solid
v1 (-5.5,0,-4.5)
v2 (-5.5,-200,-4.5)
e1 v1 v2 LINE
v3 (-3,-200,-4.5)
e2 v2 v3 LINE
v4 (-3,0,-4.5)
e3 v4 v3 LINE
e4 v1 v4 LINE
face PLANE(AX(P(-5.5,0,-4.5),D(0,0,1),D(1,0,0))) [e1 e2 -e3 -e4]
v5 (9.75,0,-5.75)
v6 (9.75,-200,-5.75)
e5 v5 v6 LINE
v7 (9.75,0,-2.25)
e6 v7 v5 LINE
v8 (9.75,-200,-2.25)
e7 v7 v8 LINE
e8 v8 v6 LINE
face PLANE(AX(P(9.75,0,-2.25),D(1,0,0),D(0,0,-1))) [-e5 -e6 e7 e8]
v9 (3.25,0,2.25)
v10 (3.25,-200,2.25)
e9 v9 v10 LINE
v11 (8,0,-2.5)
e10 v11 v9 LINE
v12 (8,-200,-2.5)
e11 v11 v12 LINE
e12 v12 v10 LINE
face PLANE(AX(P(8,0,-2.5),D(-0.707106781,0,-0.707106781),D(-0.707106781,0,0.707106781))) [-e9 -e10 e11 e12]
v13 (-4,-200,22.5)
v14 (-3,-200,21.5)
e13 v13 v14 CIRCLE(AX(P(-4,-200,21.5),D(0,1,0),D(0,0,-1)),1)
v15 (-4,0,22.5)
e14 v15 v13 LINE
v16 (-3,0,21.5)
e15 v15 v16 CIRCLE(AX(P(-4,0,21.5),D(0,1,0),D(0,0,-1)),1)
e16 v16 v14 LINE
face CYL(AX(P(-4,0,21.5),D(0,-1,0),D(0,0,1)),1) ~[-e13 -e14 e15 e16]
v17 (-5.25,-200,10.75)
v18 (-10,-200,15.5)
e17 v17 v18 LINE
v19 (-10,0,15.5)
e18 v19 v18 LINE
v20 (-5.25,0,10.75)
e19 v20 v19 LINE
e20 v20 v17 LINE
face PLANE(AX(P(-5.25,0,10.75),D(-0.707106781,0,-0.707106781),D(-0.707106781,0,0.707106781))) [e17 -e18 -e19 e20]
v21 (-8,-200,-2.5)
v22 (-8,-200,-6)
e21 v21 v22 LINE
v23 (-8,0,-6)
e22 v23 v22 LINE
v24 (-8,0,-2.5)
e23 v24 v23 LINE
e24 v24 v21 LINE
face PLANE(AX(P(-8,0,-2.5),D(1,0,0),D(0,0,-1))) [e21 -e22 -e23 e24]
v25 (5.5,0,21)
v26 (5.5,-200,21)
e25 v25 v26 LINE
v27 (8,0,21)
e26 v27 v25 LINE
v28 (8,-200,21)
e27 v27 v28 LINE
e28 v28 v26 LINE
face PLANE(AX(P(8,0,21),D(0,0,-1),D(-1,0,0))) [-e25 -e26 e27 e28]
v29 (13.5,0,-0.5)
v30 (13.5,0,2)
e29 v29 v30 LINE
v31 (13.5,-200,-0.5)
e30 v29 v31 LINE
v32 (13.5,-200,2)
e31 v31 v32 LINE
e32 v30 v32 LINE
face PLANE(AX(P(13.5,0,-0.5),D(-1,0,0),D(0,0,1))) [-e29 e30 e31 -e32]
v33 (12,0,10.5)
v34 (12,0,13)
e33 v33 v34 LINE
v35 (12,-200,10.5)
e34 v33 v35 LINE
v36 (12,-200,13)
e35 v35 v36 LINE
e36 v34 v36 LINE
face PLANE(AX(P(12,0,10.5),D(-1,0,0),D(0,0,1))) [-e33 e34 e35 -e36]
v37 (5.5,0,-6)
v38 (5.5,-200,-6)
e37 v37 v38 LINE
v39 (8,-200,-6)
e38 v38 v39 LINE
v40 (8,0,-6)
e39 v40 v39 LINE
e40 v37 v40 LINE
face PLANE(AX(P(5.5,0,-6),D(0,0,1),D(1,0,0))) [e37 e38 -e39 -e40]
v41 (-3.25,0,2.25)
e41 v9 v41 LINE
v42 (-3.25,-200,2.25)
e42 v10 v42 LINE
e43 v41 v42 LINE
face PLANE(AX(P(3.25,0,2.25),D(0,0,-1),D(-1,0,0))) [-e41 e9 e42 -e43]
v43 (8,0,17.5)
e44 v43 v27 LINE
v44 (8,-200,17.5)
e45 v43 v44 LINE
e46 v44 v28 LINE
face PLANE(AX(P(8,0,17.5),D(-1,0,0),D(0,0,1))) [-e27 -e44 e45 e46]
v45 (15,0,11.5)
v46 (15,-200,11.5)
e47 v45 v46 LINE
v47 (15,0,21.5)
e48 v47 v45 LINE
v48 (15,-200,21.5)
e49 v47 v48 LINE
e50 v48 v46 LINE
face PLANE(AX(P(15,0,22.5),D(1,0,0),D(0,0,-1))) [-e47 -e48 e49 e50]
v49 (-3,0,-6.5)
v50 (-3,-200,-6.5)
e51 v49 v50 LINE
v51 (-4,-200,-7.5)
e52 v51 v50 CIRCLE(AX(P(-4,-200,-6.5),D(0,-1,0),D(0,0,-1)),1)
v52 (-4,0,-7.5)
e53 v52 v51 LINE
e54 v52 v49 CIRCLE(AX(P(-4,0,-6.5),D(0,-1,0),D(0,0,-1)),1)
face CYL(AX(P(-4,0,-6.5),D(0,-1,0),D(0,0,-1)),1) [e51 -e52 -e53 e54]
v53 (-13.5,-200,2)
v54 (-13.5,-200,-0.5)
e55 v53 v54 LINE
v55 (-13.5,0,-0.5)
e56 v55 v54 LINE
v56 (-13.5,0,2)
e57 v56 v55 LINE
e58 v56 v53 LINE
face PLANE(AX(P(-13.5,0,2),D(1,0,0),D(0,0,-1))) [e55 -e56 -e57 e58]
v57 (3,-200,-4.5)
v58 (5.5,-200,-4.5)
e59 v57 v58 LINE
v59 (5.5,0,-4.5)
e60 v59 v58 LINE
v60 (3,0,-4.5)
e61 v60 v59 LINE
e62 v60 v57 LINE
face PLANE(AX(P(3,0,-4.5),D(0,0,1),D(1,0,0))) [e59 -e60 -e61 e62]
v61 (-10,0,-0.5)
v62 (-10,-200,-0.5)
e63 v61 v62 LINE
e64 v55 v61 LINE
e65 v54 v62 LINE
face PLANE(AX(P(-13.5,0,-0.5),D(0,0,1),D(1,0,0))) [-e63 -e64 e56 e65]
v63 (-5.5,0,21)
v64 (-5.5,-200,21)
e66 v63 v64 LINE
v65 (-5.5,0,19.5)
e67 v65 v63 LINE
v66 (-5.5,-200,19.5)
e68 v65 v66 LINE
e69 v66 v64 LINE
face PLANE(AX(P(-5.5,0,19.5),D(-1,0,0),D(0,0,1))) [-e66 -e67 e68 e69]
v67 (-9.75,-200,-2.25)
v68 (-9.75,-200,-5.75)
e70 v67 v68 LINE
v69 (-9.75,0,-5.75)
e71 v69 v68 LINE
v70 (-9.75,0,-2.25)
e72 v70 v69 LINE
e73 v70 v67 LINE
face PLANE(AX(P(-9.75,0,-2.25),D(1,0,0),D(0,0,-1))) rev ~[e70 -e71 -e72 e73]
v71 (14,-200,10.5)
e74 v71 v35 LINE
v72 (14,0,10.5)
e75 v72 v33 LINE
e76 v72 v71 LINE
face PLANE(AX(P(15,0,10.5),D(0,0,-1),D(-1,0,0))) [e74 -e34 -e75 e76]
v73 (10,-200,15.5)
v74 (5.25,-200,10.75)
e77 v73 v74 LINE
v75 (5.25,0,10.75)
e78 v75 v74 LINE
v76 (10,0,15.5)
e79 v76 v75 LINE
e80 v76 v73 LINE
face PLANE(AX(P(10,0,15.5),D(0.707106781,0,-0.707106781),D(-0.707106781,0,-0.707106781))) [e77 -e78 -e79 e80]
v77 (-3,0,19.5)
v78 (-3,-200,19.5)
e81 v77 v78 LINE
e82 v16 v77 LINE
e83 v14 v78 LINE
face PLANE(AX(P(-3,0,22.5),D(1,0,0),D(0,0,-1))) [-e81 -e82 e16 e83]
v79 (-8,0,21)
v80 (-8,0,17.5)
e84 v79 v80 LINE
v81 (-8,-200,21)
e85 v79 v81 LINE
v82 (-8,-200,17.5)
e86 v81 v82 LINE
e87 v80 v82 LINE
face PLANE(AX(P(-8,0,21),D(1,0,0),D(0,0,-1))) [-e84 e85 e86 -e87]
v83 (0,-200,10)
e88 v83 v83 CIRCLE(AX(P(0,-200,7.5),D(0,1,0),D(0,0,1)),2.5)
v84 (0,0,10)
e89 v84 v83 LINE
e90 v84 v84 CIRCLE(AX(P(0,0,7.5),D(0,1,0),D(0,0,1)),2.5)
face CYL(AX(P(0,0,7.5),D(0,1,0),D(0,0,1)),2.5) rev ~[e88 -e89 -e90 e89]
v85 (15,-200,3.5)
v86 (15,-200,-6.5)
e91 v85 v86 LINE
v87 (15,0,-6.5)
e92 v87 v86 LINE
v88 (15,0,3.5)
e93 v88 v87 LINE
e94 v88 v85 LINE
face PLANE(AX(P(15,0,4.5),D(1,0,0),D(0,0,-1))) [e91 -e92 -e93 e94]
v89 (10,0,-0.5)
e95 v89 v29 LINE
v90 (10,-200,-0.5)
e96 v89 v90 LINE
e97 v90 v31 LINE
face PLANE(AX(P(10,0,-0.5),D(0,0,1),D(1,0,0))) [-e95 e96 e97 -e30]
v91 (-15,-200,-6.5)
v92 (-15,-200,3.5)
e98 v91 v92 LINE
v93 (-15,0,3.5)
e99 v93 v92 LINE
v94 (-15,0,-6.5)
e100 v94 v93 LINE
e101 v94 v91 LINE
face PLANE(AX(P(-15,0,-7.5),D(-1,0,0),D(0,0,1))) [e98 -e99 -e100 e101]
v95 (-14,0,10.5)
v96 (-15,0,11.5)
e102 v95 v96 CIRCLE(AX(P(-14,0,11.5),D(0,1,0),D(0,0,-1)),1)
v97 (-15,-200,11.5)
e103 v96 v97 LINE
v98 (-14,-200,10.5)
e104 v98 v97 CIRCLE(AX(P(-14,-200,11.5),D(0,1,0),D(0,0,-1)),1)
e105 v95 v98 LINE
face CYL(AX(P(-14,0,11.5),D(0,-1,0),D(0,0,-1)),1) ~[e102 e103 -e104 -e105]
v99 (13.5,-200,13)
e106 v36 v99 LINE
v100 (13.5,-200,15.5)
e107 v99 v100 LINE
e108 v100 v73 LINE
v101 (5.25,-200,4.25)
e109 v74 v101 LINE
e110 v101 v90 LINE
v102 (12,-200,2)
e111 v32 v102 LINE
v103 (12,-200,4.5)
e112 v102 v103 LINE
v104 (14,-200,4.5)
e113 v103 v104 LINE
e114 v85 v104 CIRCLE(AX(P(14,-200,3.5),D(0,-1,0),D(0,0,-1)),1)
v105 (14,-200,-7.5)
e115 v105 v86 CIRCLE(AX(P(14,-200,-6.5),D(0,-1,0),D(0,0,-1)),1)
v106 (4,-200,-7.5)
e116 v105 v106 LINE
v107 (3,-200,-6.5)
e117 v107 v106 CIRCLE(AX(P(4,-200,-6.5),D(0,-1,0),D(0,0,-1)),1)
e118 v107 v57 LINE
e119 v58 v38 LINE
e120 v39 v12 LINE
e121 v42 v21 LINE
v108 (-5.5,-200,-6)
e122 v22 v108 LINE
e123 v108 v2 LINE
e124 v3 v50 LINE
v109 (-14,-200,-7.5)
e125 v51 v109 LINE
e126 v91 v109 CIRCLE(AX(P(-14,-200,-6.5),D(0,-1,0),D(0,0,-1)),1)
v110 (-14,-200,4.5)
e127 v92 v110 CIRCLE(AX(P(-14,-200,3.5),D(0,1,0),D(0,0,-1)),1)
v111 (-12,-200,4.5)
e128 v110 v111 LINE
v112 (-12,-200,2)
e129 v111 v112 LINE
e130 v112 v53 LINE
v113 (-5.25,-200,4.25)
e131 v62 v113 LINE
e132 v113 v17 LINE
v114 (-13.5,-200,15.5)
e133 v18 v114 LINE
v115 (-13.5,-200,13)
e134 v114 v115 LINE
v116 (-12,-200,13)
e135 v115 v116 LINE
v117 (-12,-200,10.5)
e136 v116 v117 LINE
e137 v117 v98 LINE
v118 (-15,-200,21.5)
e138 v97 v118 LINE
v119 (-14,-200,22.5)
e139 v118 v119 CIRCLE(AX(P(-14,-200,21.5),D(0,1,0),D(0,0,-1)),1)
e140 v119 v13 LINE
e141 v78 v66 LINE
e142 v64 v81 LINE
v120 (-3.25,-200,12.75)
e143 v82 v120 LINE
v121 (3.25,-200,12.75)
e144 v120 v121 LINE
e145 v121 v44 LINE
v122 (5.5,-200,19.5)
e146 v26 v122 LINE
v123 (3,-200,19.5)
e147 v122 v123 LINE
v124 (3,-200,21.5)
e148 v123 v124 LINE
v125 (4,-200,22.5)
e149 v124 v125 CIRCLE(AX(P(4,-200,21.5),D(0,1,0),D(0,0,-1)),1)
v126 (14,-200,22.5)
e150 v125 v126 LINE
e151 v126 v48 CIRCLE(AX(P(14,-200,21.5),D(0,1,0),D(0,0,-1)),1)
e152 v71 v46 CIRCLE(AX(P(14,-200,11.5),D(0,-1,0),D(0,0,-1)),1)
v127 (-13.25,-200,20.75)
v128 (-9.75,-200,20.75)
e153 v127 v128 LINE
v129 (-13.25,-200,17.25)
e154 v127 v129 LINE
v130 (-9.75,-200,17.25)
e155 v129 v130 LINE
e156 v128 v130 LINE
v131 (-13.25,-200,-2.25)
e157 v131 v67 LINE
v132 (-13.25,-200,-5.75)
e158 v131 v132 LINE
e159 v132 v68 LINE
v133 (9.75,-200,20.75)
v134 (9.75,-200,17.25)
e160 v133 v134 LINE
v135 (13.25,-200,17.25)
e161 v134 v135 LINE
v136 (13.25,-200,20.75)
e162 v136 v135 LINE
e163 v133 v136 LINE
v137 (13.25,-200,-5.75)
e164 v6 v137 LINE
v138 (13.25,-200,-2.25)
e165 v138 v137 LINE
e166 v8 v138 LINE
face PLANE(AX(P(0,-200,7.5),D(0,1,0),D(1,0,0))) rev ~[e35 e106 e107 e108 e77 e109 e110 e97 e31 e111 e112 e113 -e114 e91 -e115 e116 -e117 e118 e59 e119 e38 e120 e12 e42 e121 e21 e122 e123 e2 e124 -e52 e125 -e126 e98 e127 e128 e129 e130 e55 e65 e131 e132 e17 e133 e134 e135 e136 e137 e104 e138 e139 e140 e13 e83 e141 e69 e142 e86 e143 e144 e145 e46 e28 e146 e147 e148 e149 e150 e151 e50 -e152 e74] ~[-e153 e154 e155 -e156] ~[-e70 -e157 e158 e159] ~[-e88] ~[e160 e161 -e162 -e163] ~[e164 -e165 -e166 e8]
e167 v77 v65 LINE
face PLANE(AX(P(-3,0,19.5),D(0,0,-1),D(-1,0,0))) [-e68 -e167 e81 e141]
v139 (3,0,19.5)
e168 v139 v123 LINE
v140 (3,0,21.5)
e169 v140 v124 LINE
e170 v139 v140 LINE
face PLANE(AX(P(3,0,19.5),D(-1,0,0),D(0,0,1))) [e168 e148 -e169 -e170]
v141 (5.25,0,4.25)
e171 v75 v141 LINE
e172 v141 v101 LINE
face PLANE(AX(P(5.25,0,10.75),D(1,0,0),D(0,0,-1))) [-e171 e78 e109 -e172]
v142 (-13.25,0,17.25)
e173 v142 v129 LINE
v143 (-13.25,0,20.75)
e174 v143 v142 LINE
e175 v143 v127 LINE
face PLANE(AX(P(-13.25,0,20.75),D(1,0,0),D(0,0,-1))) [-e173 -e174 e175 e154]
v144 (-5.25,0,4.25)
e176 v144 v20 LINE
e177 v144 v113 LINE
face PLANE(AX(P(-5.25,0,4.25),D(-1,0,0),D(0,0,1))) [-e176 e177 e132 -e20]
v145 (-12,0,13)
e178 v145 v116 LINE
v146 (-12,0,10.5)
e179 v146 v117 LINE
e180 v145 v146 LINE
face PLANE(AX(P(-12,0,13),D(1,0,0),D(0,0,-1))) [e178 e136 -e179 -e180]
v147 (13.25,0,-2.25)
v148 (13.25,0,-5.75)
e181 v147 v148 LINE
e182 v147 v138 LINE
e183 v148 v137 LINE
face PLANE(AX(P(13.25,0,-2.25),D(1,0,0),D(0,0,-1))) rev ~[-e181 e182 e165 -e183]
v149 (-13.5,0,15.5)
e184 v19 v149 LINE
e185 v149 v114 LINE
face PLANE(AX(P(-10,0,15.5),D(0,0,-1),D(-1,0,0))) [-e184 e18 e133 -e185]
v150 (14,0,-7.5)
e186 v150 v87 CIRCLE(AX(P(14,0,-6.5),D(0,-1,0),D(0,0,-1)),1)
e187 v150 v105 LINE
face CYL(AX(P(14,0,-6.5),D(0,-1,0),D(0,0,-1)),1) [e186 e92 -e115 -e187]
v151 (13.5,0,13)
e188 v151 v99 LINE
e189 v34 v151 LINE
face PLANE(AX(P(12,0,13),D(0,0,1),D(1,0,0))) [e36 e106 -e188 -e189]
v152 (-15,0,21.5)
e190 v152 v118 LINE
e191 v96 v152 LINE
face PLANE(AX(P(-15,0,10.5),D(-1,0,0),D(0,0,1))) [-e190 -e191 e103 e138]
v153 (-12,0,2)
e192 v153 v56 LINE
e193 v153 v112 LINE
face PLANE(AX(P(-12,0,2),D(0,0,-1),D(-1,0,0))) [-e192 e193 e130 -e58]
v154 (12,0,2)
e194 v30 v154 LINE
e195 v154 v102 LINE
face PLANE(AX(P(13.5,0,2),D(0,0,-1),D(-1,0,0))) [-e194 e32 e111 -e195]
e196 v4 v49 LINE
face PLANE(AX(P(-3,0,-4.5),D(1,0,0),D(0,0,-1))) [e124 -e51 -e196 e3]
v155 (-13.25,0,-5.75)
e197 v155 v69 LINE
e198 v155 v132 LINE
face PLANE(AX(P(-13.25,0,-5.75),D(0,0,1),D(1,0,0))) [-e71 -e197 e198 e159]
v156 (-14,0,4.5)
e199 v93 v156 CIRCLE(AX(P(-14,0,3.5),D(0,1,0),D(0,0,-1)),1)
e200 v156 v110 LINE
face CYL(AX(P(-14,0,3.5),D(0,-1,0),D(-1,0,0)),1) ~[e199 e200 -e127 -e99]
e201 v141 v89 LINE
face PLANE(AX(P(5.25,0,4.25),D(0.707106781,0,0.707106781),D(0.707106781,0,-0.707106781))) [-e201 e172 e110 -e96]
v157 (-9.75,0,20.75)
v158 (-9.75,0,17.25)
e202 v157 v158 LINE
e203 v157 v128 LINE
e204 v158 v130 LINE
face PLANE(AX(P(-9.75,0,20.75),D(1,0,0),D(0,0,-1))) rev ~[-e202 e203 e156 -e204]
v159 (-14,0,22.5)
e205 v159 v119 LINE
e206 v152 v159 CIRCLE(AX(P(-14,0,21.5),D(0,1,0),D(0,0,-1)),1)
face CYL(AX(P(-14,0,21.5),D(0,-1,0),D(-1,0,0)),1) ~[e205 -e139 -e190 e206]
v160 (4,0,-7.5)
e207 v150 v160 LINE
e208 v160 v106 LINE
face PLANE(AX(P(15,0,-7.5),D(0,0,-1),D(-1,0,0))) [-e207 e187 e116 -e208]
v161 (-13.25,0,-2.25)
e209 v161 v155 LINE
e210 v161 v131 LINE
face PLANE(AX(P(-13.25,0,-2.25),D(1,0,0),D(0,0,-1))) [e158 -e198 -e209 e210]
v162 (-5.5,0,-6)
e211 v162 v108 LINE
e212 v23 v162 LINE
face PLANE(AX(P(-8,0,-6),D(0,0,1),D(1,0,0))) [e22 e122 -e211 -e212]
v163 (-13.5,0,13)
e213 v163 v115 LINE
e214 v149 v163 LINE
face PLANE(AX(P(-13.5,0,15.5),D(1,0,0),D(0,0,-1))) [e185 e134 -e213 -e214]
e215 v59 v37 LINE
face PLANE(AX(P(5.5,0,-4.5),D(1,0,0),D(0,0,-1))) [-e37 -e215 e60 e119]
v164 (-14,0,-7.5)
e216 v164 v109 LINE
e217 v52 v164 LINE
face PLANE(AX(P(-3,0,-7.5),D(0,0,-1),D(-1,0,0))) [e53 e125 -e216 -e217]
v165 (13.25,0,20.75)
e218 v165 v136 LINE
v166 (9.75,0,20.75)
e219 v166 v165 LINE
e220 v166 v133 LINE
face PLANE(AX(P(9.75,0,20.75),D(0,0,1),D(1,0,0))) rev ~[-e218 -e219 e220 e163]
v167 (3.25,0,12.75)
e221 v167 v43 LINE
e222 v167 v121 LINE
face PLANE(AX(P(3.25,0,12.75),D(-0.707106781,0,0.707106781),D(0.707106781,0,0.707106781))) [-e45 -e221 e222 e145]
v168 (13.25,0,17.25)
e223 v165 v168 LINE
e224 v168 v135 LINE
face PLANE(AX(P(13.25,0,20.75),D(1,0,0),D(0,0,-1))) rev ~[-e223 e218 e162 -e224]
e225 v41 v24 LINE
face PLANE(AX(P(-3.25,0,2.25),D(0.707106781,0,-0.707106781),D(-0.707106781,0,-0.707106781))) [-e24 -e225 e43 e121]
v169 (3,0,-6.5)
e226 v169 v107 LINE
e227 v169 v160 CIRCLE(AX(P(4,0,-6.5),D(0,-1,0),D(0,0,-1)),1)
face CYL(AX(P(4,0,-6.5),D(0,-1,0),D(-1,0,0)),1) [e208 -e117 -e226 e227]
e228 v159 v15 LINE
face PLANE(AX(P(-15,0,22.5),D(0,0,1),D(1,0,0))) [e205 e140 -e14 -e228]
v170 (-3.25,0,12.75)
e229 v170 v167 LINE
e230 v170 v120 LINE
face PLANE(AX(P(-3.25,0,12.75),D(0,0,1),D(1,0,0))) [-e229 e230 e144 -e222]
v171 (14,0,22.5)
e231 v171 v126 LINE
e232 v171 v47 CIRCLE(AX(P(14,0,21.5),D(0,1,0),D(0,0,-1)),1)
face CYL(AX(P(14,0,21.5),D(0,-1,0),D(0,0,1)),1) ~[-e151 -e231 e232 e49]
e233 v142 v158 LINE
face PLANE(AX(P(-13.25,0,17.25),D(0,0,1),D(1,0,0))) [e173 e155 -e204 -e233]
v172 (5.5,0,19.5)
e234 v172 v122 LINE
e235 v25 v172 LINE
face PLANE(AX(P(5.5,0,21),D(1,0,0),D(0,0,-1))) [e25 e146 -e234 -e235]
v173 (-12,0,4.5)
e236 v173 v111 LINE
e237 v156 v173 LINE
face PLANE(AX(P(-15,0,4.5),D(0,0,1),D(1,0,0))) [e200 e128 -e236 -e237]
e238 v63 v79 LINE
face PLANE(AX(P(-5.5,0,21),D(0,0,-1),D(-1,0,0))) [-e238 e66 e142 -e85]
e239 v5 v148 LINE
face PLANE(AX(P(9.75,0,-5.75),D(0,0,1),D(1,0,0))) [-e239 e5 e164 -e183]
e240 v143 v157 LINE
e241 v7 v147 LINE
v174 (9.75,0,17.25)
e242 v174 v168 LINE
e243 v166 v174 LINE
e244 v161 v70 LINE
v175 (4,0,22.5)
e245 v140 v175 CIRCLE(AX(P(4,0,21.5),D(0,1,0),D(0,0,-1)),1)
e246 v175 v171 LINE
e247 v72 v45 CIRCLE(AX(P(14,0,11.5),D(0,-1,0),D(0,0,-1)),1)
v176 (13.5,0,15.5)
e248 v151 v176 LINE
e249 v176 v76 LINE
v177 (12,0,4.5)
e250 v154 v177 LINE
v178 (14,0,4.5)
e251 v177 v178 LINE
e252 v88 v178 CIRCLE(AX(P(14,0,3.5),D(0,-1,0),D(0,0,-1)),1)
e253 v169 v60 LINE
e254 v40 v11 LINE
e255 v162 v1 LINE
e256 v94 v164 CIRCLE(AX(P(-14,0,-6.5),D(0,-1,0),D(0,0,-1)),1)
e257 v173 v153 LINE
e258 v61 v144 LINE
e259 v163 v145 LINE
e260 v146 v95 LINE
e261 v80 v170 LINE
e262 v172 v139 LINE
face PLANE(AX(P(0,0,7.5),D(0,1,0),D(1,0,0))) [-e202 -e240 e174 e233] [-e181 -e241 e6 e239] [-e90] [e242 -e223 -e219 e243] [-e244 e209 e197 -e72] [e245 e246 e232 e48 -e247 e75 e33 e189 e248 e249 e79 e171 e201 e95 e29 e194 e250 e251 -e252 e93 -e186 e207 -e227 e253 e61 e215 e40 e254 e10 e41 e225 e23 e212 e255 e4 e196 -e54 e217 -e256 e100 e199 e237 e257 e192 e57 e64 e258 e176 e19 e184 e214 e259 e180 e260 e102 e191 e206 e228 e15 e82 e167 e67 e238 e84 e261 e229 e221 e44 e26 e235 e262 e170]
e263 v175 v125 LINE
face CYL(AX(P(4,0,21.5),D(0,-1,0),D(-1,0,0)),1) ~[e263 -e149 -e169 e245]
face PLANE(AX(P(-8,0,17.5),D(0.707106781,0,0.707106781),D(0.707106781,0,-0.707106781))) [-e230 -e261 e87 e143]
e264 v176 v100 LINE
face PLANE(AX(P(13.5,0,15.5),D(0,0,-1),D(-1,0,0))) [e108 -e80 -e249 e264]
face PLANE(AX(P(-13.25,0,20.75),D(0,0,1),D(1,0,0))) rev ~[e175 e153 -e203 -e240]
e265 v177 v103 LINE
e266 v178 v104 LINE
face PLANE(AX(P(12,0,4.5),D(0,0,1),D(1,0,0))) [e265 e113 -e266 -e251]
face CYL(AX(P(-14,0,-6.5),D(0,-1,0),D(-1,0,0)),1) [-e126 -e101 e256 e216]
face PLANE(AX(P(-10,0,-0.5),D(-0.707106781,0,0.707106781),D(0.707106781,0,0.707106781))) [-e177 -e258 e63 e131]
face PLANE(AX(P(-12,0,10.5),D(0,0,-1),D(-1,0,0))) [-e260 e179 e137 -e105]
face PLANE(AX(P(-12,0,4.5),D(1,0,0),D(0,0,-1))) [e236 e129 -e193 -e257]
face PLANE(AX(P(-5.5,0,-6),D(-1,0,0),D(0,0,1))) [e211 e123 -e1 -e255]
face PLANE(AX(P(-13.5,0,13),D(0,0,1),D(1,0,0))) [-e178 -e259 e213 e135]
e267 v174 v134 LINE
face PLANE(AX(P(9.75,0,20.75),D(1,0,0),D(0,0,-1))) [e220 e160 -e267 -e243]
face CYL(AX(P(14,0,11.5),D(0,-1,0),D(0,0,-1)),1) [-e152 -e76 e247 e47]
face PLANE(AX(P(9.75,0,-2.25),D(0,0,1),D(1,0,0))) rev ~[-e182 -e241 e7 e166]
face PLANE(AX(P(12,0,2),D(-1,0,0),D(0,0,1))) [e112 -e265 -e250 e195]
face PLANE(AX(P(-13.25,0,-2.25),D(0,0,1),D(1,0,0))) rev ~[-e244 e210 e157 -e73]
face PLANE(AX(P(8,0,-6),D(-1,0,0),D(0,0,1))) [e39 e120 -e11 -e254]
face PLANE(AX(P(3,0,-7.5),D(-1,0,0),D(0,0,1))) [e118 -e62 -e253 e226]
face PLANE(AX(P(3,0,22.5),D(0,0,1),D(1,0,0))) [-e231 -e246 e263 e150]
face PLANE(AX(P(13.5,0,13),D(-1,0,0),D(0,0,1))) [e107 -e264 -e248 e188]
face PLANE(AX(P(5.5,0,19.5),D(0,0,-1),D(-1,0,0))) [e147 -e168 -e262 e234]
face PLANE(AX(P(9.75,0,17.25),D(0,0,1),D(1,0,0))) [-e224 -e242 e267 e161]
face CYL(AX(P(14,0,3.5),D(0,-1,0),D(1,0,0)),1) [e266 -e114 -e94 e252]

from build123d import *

# Parameters (mm, degrees)
SKETCH1_R           = 2.5
SKETCH1_W           = 3.5
SKETCH1_H           = 3.5
BOSS_EXTRUDE1_DEPTH = 200
FILLET1_R           = 1


with BuildPart() as part:
    # Sketch1 → Boss-Extrude1 (new body)
    with BuildSketch(Plane(origin=(0, 0, 0), x_dir=(1, 0, 0), z_dir=(0, 1, 0))):
        Polygon((-15, 7.5), (-15, -4.5), (-12, -4.5), (-12, -2), (-13.5, -2), (-13.5, 0.5), (-10, 0.5), (-5.25, -4.25), (-5.25, -10.75), (-10, -15.5), (-13.5, -15.5), (-13.5, -13), (-12, -13), (-12, -10.5), (-15, -10.5), (-15, -22.5), (-3, -22.5), (-3, -19.5), (-5.5, -19.5), (-5.5, -21), (-8, -21), (-8, -17.5), (-3.25, -12.75), (3.25, -12.75), (8, -17.5), (8, -21), (5.5, -21), (5.5, -19.5), (3, -19.5), (3, -22.5), (15, -22.5), (15, -10.5), (12, -10.5), (12, -13), (13.5, -13), (13.5, -15.5), (10, -15.5), (5.25, -10.75), (5.25, -4.25), (10, 0.5), (13.5, 0.5), (13.5, -2), (12, -2), (12, -4.5), (15, -4.5), (15, 7.5), (3, 7.5), (3, 4.5), (5.5, 4.5), (5.5, 6), (8, 6), (8, 2.5), (3.25, -2.25), (-3.25, -2.25), (-8, 2.5), (-8, 6), (-5.5, 6), (-5.5, 4.5), (-3, 4.5), (-3, 7.5), align=None)
        with Locations(Location((0, -7.5, 0), (0, 0, 270))):
            Circle(SKETCH1_R, mode=Mode.SUBTRACT)
        with Locations((-11.5, 4)):
            Rectangle(SKETCH1_W, SKETCH1_H, mode=Mode.SUBTRACT)
        with Locations((11.5, 4)):
            Rectangle(SKETCH1_W, SKETCH1_H, mode=Mode.SUBTRACT)
        with Locations((11.5, -19)):
            Rectangle(SKETCH1_W, SKETCH1_H, mode=Mode.SUBTRACT)
        with Locations((-11.5, -19)):
            Rectangle(SKETCH1_W, SKETCH1_H, mode=Mode.SUBTRACT)
    extrude(amount=-BOSS_EXTRUDE1_DEPTH)

    # Fillet1
    fillet1_edges = [part.edges().sort_by_distance(p)[0] for p in [
        (15, -100, 10.5),
        (15, -100, 22.5),
        (3, -100, 22.5),
        (-3, -100, 22.5),
        (-15, -100, 22.5),
        (-15, -100, 10.5),
        (-15, -100, 4.5),
        (-15, -100, -7.5),
        (-3, -100, -7.5),
        (3, -100, -7.5),
        (15, -100, -7.5),
        (15, -100, 4.5),
    ]]
    fillet(fillet1_edges, radius=FILLET1_R)


solid = part.part
